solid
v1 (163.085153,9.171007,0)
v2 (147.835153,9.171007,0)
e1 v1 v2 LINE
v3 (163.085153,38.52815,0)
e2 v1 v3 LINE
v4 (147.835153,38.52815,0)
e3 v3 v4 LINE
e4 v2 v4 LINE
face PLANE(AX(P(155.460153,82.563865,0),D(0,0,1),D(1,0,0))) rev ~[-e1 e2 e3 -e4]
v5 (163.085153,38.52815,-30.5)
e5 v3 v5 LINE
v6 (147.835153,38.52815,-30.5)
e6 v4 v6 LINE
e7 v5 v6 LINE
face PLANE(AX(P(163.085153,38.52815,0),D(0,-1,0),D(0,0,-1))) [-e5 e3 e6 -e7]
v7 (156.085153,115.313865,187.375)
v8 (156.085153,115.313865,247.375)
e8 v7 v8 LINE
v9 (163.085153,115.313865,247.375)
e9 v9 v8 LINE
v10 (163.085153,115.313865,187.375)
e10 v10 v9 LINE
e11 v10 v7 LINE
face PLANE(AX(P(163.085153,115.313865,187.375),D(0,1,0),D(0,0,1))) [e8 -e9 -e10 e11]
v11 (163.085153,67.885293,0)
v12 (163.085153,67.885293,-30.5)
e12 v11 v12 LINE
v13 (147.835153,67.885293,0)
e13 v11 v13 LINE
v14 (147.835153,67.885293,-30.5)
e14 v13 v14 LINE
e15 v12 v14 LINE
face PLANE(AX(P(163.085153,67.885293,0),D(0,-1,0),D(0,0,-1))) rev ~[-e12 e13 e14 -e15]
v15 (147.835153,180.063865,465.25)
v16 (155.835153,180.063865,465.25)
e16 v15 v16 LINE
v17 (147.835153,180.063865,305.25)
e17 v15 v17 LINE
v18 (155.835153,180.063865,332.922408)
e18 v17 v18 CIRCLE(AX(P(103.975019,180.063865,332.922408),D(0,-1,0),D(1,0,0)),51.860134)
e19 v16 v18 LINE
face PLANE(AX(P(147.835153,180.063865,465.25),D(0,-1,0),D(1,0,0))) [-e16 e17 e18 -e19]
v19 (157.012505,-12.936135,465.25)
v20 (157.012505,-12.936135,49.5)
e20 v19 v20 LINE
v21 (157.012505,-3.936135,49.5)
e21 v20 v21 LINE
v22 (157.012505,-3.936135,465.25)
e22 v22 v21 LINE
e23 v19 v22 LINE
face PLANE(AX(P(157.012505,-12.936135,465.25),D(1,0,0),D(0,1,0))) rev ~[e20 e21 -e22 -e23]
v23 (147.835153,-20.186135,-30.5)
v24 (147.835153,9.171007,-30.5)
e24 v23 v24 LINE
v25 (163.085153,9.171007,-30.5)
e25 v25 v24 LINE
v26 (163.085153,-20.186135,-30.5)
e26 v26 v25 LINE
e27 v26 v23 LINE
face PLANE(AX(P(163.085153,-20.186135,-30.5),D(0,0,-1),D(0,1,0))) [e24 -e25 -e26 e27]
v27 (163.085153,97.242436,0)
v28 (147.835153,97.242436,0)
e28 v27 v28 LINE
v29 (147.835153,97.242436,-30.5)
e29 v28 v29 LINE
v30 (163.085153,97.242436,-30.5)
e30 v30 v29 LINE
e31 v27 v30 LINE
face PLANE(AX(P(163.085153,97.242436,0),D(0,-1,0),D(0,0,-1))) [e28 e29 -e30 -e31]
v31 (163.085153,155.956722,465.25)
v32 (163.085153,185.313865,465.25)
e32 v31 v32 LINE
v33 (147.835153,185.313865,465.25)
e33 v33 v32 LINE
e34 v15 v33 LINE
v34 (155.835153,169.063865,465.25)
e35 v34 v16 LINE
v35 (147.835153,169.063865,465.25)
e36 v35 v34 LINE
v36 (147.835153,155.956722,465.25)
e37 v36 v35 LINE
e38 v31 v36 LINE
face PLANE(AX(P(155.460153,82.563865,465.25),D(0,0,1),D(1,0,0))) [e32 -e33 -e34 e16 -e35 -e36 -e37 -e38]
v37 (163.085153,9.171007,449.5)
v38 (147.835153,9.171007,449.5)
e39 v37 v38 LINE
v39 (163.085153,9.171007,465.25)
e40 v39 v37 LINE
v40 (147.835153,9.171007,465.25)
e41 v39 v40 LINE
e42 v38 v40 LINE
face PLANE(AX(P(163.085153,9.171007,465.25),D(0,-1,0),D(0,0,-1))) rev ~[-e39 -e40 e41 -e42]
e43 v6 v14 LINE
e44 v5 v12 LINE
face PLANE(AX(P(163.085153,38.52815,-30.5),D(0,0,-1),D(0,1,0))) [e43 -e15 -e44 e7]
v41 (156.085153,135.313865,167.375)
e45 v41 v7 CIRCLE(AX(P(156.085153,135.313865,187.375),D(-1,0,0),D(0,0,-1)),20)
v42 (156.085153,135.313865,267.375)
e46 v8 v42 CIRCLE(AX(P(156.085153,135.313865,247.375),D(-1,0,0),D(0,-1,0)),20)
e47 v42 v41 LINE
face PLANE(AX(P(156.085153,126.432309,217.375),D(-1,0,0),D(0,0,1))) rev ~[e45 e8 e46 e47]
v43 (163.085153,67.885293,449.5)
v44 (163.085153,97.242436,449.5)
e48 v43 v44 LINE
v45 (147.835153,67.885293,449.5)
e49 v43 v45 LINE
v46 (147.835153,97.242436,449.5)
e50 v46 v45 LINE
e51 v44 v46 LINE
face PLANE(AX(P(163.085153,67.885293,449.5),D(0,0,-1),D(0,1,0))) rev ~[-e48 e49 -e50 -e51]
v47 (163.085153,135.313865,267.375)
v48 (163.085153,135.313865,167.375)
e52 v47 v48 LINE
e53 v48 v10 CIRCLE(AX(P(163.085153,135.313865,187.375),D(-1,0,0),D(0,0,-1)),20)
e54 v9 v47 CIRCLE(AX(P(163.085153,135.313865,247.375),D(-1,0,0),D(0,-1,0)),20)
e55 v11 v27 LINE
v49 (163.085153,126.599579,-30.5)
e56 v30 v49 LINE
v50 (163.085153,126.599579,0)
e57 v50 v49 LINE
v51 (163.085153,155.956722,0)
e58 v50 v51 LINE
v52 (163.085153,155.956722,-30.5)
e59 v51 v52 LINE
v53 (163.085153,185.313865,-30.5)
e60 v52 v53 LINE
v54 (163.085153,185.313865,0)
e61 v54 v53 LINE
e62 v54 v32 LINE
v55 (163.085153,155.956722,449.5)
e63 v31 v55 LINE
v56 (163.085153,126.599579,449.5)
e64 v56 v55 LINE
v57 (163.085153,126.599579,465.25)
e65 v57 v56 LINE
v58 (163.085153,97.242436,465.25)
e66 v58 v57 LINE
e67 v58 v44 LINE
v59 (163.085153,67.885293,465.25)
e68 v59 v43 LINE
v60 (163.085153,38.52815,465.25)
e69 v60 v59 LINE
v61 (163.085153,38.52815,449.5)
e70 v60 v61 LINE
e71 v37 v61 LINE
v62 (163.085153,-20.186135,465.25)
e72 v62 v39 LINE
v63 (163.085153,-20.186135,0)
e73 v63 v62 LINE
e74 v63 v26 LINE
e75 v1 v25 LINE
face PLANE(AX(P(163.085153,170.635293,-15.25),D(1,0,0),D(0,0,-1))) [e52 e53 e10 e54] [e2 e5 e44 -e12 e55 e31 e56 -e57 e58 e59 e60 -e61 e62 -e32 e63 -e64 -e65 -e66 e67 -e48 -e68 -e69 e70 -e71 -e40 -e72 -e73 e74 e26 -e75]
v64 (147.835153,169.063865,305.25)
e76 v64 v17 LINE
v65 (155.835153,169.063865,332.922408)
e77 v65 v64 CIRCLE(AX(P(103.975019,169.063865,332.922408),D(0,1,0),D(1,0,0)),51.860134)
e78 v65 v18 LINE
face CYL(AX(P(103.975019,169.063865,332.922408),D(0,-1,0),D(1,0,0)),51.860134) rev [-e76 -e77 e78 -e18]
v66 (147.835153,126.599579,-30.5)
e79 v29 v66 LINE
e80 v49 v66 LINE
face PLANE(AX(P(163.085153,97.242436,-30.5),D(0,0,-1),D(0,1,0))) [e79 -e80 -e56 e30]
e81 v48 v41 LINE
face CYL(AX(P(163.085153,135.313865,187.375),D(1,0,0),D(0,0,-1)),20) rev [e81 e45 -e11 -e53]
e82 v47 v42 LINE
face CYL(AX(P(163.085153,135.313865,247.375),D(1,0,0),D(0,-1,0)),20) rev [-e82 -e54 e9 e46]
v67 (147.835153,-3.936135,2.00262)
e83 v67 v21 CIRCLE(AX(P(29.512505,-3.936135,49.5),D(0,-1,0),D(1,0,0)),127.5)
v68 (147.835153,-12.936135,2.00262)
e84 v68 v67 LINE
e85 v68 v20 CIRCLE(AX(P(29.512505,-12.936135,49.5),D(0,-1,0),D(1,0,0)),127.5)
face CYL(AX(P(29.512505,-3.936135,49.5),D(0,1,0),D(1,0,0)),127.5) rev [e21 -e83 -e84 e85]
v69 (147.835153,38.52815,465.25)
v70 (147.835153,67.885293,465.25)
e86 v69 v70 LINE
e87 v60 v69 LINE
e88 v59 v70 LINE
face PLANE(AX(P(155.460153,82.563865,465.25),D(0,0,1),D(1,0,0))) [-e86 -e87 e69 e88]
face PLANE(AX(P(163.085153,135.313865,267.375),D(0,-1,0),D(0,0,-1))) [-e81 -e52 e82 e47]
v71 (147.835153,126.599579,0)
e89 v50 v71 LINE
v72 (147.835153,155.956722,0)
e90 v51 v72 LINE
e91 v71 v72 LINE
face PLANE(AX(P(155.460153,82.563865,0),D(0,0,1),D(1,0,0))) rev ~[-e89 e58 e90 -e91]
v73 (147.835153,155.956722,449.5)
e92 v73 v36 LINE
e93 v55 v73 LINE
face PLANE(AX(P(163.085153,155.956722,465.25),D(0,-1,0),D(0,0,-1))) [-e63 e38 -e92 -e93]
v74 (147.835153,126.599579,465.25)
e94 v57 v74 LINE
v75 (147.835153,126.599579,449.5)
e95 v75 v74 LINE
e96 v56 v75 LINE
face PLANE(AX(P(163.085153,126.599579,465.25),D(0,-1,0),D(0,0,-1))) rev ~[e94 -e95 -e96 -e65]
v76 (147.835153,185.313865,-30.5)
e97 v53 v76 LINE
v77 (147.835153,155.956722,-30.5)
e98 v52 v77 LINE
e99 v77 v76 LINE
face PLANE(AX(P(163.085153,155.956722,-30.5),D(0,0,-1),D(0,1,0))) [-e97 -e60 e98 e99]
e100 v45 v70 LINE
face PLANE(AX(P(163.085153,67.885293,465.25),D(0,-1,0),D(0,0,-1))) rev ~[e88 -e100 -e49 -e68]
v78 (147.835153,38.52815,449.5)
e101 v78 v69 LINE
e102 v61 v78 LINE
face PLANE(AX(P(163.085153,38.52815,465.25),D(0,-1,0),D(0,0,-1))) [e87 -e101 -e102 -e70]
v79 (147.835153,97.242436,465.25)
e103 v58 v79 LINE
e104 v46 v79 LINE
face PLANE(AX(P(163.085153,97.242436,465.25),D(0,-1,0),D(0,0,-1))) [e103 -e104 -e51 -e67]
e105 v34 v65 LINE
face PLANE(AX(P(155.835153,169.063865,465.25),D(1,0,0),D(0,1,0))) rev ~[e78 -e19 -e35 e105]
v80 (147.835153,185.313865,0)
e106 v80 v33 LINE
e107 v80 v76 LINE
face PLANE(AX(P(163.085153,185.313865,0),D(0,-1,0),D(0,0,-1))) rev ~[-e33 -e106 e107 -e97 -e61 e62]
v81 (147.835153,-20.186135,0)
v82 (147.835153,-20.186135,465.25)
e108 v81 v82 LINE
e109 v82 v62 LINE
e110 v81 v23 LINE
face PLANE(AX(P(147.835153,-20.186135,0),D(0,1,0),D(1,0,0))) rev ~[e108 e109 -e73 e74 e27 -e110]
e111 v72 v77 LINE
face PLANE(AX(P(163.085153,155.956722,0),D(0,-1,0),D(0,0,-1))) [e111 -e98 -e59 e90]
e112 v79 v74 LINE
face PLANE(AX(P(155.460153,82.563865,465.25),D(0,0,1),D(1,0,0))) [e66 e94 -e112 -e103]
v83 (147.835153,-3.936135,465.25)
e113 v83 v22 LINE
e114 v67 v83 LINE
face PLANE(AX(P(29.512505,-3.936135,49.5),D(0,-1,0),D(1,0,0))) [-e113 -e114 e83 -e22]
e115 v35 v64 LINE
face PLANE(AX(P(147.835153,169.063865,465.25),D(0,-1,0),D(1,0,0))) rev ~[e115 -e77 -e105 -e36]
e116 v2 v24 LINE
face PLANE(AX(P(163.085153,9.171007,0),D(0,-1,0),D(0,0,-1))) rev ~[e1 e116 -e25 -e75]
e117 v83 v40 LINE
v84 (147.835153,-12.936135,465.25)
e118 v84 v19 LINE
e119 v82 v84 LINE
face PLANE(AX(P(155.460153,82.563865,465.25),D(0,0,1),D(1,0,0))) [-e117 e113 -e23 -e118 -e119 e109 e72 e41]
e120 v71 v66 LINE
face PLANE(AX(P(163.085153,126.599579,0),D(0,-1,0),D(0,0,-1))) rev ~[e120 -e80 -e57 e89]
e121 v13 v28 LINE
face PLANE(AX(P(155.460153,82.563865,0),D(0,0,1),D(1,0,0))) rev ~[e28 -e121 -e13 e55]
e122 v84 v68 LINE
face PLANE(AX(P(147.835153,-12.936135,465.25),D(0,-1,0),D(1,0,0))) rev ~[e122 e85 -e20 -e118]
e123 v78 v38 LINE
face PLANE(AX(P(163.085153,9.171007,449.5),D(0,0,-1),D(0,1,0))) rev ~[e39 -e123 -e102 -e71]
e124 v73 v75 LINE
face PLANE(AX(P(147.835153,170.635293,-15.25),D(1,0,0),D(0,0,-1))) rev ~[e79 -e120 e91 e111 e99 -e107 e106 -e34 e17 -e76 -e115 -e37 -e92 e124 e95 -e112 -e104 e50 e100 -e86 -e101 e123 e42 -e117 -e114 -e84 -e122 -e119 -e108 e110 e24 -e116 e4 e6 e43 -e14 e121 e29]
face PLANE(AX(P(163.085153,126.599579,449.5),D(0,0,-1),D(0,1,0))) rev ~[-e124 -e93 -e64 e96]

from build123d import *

# Parameters (mm, degrees)
ESQUISSE1_W             = 15.25
ESQUISSE1_H             = 205.5
BOSS_EXTRU_1_DEPTH      = 465.25
ESQUISSE2_W             = 30.5
ESQUISSE2_H             = 29.357142857
ESQUISSE2_H_2           = 29.357142858
BOSS_EXTRU_2_DEPTH      = 15.25
ENL_V_MAT_EXTRU_1_REACH = 17.25
ESQUISSE3_W             = 15.75
ESQUISSE3_H             = 29.357142857
ENL_V_MAT_EXTRU_2_DEPTH = 7
ESQUISSE5_W             = 8
ESQUISSE5_H             = 11
ENL_V_MAT_EXTRU_3_DEPTH = 160
ESQUISSE6_W             = 9.17735242
ESQUISSE6_H             = 9
ENL_V_MAT_EXTRU_4_DEPTH = 415.75
ESQUISSE7_R             = 127.5
ENL_V_MAT_EXTRU_5_DEPTH = 9
BOSS_EXTRU_3_REACH      = 18.25


with BuildPart() as part:
    # Esquisse1 → Boss.-Extru.1 (new body)
    with BuildSketch(Plane.XY):
        with Locations((155.460152838, 82.563864629)):
            Rectangle(ESQUISSE1_W, ESQUISSE1_H)
    extrude(amount=BOSS_EXTRU_1_DEPTH)

    # Esquisse2 → Boss.-Extru.2 (add)
    with BuildSketch(Plane(origin=(163.085152838, 0, 0), x_dir=(0, 0, -1), z_dir=(1, 0, 0))):
        with Locations((15.25, 170.635293201)):
            Rectangle(ESQUISSE2_W, ESQUISSE2_H)
        with Locations((15.25, 111.921007486)):
            Rectangle(ESQUISSE2_W, ESQUISSE2_H_2)
        with Locations((15.25, 53.206721771)):
            Rectangle(ESQUISSE2_W, ESQUISSE2_H)
        with Locations((15.25, -5.507563943)):
            Rectangle(ESQUISSE2_W, ESQUISSE2_H)
    extrude(amount=-BOSS_EXTRU_2_DEPTH)

    # Esquisse3 → Enlèv. mat.-Extru.1 (cut, up to next)
    with BuildSketch(Plane(origin=(163.085152838, 0, 0), x_dir=(0, 0, -1), z_dir=(1, 0, 0)), mode=Mode.PRIVATE) as enl_v_mat_extru_1_sk1:
        with Locations((-457.375, 141.278150344)):
            Rectangle(ESQUISSE3_W, ESQUISSE3_H)
    enl_v_mat_extru_1_tool1 = extrude(enl_v_mat_extru_1_sk1.sketch, amount=-ENL_V_MAT_EXTRU_1_REACH, mode=Mode.PRIVATE) & part.part
    add(enl_v_mat_extru_1_tool1.solids().sort_by_distance((163.085153, 141.27815, 457.375))[0], mode=Mode.SUBTRACT)
    # Esquisse3 → Enlèv. mat.-Extru.1 (cut, up to next)
    with BuildSketch(Plane(origin=(163.085152838, 0, 0), x_dir=(0, 0, -1), z_dir=(1, 0, 0)), mode=Mode.PRIVATE) as enl_v_mat_extru_1_sk2:
        with Locations((-457.375, 82.563864628)):
            Rectangle(ESQUISSE3_W, ESQUISSE3_H)
    enl_v_mat_extru_1_tool2 = extrude(enl_v_mat_extru_1_sk2.sketch, amount=-ENL_V_MAT_EXTRU_1_REACH, mode=Mode.PRIVATE) & part.part
    add(enl_v_mat_extru_1_tool2.solids().sort_by_distance((163.085153, 82.563865, 457.375))[0], mode=Mode.SUBTRACT)
    # Esquisse3 → Enlèv. mat.-Extru.1 (cut, up to next)
    with BuildSketch(Plane(origin=(163.085152838, 0, 0), x_dir=(0, 0, -1), z_dir=(1, 0, 0)), mode=Mode.PRIVATE) as enl_v_mat_extru_1_sk3:
        with Locations((-457.375, 23.849578915)):
            Rectangle(ESQUISSE3_W, ESQUISSE3_H)
    enl_v_mat_extru_1_tool3 = extrude(enl_v_mat_extru_1_sk3.sketch, amount=-ENL_V_MAT_EXTRU_1_REACH, mode=Mode.PRIVATE) & part.part
    add(enl_v_mat_extru_1_tool3.solids().sort_by_distance((163.085153, 23.849579, 457.375))[0], mode=Mode.SUBTRACT)

    # Esquisse4 → Enlèv. mat.-Extru.2 (cut)
    with BuildSketch(Plane(origin=(163.085152838, 0, 0), x_dir=(0, 0, -1), z_dir=(1, 0, 0))):
        with BuildLine():
            Line((-267.375, 135.313864629), (-167.375, 135.313864629))
            ThreePointArc((-167.375, 135.313864629), (-173.232864376, 121.171729005), (-187.375, 115.313864629))
            Line((-187.375, 115.313864629), (-247.375, 115.313864629))
            ThreePointArc((-247.375, 115.313864629), (-261.517135624, 121.171729005), (-267.375, 135.313864629))
        make_face()
    extrude(amount=-ENL_V_MAT_EXTRU_2_DEPTH, mode=Mode.SUBTRACT)

    # Esquisse5 → Enlèv. mat.-Extru.3 (cut)
    with BuildSketch(Plane.XY.offset(465.25)):
        with Locations((151.835152838, 174.563864629)):
            Rectangle(ESQUISSE5_W, ESQUISSE5_H)
    extrude(amount=-ENL_V_MAT_EXTRU_3_DEPTH, mode=Mode.SUBTRACT)

    # Esquisse6 → Enlèv. mat.-Extru.4 (cut)
    with BuildSketch(Plane.XY.offset(465.25)):
        with Locations((152.423829048, -8.436135371)):
            Rectangle(ESQUISSE6_W, ESQUISSE6_H)
    extrude(amount=-ENL_V_MAT_EXTRU_4_DEPTH, mode=Mode.SUBTRACT)

    # Esquisse7 → Enlèv. mat.-Extru.5 (cut)
    with BuildSketch(Plane.XZ.offset(3.936135371)):
        with Locations((29.512505258, 49.5)):
            Circle(ESQUISSE7_R)
    extrude(amount=ENL_V_MAT_EXTRU_5_DEPTH, mode=Mode.SUBTRACT)

    # Esquisse8 → Boss.-Extru.3 (add, up to next)
    with BuildSketch(Plane(origin=(0, 169.063864629, 0), x_dir=(1, 0, 0), z_dir=(0, 1, 0)), mode=Mode.PRIVATE) as boss_extru_3_sk1:
        with BuildLine():
            Line((147.835152838, -305.25), (155.835152838, -305.25))
            Line((155.835152838, -305.25), (155.835152838, -332.922407507))
            ThreePointArc((155.835152838, -332.922407507), (153.795024483, -318.519611448), (147.835152838, -305.25))
        make_face()
    boss_extru_3_tool1 = extrude(boss_extru_3_sk1.sketch, amount=BOSS_EXTRU_3_REACH, mode=Mode.PRIVATE) - part.part
    add(boss_extru_3_tool1.solids().sort_by_distance((153.470601, 169.063865, 312.056849))[0])


solid = part.part
